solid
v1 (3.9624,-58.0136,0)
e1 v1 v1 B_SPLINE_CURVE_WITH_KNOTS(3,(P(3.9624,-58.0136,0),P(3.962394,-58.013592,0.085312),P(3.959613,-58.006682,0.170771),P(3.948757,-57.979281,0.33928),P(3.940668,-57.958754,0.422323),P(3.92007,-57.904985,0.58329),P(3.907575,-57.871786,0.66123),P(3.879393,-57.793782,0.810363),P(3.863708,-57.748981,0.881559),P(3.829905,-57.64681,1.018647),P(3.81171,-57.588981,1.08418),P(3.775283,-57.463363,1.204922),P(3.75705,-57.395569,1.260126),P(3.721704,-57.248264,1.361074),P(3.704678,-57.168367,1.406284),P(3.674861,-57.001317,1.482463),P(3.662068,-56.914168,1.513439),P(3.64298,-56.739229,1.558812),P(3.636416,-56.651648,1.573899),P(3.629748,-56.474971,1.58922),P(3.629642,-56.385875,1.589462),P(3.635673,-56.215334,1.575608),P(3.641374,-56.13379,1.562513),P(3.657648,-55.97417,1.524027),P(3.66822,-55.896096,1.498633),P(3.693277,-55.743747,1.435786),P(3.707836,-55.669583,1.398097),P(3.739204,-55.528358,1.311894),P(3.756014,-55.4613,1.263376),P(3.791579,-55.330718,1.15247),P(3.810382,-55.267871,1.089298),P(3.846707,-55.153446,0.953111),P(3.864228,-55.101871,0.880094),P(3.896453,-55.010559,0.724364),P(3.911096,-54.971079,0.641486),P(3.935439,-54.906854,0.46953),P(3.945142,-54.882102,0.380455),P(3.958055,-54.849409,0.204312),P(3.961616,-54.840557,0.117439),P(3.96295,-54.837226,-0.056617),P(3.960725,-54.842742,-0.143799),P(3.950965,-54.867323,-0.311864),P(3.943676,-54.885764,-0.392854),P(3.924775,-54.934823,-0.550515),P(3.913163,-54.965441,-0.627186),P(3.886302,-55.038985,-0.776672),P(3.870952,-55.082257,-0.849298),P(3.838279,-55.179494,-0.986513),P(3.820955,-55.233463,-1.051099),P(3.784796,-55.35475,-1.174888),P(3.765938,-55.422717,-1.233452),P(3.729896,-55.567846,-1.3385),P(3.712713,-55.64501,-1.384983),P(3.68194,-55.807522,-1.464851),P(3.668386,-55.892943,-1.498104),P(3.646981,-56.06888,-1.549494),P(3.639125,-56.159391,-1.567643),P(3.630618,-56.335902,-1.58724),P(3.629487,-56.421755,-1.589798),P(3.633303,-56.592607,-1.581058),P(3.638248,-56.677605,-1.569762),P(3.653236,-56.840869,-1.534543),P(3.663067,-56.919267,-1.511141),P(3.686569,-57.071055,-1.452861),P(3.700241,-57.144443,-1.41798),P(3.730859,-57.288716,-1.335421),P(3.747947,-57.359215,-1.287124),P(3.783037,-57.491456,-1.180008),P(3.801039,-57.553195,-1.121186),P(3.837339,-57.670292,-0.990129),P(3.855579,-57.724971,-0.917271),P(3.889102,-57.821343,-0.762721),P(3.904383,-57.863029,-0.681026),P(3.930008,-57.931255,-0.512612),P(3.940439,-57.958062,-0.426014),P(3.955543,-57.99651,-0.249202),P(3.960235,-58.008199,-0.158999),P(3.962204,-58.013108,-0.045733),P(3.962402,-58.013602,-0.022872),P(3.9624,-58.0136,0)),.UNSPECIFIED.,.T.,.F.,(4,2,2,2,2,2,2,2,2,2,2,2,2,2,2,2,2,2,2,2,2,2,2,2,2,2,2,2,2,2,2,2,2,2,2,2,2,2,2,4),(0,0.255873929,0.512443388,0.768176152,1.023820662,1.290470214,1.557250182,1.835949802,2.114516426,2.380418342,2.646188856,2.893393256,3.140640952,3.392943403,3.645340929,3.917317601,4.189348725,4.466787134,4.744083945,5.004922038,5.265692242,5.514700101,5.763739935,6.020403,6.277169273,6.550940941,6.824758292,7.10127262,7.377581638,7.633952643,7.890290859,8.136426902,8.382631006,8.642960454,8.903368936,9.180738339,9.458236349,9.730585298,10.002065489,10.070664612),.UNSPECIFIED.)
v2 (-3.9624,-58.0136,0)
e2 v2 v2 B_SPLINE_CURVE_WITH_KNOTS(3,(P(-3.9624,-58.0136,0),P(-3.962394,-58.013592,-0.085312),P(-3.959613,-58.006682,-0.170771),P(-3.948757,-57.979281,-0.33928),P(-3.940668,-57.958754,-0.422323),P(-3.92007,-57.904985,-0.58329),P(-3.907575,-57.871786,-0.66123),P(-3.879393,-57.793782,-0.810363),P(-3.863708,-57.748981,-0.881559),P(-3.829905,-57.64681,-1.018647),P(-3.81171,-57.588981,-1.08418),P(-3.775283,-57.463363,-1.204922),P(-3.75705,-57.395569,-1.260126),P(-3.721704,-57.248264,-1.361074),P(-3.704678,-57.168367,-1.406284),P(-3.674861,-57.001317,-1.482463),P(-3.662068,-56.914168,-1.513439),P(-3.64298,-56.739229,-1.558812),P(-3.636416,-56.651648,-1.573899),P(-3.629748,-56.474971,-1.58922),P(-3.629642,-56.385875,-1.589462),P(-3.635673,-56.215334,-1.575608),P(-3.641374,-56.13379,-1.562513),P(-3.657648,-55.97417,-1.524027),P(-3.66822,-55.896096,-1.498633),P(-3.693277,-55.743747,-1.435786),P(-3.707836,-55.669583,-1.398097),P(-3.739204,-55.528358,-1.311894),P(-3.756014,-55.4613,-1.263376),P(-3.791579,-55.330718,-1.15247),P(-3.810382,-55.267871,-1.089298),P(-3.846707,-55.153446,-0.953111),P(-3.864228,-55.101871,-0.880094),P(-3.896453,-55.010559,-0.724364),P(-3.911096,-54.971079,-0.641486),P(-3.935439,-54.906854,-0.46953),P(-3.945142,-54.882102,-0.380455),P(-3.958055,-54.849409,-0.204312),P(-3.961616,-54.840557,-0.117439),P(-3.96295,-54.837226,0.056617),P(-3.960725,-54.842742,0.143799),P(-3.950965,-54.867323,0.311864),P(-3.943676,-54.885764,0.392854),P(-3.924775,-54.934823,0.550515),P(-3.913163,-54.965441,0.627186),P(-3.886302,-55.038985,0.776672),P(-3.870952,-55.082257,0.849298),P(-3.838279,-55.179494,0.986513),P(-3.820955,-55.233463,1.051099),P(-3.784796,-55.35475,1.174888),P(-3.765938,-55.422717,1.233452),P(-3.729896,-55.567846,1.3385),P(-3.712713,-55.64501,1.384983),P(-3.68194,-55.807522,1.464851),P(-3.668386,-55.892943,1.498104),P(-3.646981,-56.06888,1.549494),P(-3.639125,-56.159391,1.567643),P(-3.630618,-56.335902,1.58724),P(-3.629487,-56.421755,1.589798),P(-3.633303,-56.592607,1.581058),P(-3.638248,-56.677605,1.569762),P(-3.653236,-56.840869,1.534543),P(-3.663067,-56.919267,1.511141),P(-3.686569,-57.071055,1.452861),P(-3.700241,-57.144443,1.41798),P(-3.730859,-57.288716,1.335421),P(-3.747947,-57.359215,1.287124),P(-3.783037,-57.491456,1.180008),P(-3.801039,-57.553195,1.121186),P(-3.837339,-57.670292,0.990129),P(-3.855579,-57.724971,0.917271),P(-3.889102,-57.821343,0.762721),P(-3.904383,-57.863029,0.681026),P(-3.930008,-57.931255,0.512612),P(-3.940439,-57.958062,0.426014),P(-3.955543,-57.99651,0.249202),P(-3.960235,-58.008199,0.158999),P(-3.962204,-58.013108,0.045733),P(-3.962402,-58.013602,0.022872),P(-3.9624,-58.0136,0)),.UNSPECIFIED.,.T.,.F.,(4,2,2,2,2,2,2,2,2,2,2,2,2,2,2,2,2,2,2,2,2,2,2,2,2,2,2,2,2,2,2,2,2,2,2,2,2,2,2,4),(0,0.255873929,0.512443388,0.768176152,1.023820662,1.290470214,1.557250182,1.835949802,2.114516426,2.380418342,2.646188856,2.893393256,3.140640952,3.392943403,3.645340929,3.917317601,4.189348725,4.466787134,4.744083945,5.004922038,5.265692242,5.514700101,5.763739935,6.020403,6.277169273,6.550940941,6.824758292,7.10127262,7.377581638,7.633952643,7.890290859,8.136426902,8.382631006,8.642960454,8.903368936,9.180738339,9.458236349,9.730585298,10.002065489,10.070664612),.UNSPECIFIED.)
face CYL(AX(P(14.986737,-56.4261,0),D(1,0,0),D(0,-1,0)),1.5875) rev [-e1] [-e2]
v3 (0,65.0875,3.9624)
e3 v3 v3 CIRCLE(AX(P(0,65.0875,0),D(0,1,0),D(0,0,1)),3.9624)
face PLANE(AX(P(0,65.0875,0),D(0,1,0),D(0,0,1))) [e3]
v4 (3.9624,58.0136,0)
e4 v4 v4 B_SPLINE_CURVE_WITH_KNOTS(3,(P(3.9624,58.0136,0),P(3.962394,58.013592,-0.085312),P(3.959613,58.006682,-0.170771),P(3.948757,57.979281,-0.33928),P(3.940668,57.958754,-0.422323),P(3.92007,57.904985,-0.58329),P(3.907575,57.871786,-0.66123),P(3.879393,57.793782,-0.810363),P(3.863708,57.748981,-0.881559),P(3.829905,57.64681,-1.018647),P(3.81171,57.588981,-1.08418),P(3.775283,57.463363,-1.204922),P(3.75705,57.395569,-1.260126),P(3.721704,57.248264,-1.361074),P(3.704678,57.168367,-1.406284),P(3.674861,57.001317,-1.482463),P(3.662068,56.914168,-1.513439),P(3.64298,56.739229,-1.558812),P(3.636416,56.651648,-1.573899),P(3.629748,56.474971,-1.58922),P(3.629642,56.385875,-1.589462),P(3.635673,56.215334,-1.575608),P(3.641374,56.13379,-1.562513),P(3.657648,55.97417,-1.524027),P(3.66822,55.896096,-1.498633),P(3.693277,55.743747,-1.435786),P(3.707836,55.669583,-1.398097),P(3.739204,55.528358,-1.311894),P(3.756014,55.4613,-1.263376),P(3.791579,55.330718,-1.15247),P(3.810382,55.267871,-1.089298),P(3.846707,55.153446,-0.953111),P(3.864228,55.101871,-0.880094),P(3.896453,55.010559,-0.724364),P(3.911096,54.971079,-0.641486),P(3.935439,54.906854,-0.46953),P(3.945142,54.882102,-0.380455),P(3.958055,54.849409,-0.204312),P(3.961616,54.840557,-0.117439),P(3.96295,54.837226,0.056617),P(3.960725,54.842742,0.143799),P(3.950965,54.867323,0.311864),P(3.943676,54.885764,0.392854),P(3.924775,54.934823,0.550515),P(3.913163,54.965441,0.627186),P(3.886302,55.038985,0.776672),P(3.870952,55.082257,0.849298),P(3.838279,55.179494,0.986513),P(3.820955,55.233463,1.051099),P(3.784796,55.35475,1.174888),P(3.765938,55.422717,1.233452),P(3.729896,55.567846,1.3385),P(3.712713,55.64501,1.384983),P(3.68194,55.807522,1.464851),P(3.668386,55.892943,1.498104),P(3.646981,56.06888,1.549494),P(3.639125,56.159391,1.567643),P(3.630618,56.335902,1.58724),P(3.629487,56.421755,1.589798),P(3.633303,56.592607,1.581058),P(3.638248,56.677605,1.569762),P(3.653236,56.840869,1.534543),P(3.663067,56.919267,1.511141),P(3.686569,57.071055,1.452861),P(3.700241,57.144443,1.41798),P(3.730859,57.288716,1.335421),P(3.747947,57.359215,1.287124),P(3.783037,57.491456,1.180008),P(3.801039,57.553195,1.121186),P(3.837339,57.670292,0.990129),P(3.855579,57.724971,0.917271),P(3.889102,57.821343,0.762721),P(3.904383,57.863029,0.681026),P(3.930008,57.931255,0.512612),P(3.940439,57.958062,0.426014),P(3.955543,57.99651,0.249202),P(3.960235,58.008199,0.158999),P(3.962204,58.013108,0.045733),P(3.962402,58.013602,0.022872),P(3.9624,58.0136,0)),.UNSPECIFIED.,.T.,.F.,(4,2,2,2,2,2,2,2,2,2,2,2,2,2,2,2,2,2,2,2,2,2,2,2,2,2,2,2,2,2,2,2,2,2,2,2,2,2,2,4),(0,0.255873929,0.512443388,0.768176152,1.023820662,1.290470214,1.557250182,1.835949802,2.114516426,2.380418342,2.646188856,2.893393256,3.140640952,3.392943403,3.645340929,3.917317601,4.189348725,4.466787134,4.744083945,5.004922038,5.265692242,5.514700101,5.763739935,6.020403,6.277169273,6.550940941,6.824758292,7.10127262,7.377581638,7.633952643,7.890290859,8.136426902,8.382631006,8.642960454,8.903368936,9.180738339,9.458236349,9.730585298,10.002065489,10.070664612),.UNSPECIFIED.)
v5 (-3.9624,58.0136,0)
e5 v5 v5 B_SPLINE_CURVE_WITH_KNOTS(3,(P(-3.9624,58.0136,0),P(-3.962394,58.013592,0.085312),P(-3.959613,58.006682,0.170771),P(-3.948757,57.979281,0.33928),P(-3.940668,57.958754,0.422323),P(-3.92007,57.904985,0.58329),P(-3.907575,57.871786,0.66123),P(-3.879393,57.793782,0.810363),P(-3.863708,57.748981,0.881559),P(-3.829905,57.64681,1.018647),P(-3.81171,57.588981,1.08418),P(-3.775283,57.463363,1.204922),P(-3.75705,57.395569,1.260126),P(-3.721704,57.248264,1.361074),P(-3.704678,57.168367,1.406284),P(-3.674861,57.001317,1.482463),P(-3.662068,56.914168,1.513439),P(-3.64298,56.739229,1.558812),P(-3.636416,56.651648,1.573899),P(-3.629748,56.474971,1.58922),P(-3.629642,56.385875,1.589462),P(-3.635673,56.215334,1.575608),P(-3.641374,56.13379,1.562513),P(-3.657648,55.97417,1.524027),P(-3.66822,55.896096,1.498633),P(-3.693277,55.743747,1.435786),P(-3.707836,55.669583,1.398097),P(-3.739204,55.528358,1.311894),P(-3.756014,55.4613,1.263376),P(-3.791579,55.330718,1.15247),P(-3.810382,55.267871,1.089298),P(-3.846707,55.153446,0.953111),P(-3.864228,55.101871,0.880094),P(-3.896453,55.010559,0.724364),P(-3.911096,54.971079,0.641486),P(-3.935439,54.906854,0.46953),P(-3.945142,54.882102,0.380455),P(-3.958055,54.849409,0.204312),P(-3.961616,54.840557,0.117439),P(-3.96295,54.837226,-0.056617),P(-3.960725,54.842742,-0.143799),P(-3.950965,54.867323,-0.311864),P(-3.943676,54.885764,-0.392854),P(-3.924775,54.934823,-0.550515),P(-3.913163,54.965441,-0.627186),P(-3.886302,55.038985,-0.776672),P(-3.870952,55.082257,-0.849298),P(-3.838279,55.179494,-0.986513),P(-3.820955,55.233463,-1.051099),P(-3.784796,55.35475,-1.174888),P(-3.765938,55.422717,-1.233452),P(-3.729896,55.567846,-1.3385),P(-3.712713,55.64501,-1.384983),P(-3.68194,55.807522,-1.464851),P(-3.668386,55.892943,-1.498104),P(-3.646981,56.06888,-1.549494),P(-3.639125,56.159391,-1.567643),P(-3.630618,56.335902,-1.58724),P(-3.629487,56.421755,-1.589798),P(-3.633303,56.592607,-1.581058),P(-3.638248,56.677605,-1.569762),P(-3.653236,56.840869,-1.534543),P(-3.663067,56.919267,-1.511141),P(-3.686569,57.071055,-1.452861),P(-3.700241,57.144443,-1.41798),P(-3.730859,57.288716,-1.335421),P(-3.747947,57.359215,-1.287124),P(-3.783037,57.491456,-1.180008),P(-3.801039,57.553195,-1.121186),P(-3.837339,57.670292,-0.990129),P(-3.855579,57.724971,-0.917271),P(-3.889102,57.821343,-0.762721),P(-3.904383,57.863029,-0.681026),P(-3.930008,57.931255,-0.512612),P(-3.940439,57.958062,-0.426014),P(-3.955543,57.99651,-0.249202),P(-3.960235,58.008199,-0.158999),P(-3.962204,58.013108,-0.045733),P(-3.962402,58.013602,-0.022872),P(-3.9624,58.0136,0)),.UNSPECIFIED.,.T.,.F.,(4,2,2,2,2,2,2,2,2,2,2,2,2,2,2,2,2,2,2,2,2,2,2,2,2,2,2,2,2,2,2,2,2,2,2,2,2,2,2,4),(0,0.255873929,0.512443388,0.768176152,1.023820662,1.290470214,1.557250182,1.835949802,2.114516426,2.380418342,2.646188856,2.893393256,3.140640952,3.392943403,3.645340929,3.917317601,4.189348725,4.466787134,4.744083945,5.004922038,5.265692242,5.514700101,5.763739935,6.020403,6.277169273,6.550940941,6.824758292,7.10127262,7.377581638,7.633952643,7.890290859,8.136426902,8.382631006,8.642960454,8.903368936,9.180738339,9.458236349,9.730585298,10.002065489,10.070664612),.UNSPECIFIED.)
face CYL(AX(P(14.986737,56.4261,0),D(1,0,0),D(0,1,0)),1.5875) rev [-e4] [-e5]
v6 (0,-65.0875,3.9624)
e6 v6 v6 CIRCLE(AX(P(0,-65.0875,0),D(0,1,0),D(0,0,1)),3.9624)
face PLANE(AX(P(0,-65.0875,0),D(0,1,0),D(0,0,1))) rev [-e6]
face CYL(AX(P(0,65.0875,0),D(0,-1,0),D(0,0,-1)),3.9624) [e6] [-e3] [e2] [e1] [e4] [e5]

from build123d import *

# Parameters (mm, degrees)
SKETCH1_R           = 3.9624
BOSS_EXTRUDE1_DEPTH = 65.0875
SKETCH2_W           = 32.020580586
SKETCH2_H           = 1.5875


with BuildPart() as part:
    # Sketch1 → Boss-Extrude1 (new body, symmetric)
    with BuildSketch(Plane(origin=(0, 0, 0), x_dir=(1, 0, 0), z_dir=(0, 1, 0))):
        Circle(SKETCH1_R)
    extrude(amount=BOSS_EXTRUDE1_DEPTH, both=True)

    # Sketch2 → Cut-Revolve1 (revolve, cut)
    with BuildSketch(Plane.XY):
        with Locations((-1.023553281, 57.21985)):
            Rectangle(SKETCH2_W, SKETCH2_H)
    cut_revolve1 = revolve(axis=Axis((14.986737012, 56.4261, 0), (-1, 0, 0)), mode=Mode.SUBTRACT)

    # Mirror1: Cut-Revolve1 across plane
    add(cut_revolve1.mirror(Plane.ZX), mode=Mode.SUBTRACT)


solid = part.part
